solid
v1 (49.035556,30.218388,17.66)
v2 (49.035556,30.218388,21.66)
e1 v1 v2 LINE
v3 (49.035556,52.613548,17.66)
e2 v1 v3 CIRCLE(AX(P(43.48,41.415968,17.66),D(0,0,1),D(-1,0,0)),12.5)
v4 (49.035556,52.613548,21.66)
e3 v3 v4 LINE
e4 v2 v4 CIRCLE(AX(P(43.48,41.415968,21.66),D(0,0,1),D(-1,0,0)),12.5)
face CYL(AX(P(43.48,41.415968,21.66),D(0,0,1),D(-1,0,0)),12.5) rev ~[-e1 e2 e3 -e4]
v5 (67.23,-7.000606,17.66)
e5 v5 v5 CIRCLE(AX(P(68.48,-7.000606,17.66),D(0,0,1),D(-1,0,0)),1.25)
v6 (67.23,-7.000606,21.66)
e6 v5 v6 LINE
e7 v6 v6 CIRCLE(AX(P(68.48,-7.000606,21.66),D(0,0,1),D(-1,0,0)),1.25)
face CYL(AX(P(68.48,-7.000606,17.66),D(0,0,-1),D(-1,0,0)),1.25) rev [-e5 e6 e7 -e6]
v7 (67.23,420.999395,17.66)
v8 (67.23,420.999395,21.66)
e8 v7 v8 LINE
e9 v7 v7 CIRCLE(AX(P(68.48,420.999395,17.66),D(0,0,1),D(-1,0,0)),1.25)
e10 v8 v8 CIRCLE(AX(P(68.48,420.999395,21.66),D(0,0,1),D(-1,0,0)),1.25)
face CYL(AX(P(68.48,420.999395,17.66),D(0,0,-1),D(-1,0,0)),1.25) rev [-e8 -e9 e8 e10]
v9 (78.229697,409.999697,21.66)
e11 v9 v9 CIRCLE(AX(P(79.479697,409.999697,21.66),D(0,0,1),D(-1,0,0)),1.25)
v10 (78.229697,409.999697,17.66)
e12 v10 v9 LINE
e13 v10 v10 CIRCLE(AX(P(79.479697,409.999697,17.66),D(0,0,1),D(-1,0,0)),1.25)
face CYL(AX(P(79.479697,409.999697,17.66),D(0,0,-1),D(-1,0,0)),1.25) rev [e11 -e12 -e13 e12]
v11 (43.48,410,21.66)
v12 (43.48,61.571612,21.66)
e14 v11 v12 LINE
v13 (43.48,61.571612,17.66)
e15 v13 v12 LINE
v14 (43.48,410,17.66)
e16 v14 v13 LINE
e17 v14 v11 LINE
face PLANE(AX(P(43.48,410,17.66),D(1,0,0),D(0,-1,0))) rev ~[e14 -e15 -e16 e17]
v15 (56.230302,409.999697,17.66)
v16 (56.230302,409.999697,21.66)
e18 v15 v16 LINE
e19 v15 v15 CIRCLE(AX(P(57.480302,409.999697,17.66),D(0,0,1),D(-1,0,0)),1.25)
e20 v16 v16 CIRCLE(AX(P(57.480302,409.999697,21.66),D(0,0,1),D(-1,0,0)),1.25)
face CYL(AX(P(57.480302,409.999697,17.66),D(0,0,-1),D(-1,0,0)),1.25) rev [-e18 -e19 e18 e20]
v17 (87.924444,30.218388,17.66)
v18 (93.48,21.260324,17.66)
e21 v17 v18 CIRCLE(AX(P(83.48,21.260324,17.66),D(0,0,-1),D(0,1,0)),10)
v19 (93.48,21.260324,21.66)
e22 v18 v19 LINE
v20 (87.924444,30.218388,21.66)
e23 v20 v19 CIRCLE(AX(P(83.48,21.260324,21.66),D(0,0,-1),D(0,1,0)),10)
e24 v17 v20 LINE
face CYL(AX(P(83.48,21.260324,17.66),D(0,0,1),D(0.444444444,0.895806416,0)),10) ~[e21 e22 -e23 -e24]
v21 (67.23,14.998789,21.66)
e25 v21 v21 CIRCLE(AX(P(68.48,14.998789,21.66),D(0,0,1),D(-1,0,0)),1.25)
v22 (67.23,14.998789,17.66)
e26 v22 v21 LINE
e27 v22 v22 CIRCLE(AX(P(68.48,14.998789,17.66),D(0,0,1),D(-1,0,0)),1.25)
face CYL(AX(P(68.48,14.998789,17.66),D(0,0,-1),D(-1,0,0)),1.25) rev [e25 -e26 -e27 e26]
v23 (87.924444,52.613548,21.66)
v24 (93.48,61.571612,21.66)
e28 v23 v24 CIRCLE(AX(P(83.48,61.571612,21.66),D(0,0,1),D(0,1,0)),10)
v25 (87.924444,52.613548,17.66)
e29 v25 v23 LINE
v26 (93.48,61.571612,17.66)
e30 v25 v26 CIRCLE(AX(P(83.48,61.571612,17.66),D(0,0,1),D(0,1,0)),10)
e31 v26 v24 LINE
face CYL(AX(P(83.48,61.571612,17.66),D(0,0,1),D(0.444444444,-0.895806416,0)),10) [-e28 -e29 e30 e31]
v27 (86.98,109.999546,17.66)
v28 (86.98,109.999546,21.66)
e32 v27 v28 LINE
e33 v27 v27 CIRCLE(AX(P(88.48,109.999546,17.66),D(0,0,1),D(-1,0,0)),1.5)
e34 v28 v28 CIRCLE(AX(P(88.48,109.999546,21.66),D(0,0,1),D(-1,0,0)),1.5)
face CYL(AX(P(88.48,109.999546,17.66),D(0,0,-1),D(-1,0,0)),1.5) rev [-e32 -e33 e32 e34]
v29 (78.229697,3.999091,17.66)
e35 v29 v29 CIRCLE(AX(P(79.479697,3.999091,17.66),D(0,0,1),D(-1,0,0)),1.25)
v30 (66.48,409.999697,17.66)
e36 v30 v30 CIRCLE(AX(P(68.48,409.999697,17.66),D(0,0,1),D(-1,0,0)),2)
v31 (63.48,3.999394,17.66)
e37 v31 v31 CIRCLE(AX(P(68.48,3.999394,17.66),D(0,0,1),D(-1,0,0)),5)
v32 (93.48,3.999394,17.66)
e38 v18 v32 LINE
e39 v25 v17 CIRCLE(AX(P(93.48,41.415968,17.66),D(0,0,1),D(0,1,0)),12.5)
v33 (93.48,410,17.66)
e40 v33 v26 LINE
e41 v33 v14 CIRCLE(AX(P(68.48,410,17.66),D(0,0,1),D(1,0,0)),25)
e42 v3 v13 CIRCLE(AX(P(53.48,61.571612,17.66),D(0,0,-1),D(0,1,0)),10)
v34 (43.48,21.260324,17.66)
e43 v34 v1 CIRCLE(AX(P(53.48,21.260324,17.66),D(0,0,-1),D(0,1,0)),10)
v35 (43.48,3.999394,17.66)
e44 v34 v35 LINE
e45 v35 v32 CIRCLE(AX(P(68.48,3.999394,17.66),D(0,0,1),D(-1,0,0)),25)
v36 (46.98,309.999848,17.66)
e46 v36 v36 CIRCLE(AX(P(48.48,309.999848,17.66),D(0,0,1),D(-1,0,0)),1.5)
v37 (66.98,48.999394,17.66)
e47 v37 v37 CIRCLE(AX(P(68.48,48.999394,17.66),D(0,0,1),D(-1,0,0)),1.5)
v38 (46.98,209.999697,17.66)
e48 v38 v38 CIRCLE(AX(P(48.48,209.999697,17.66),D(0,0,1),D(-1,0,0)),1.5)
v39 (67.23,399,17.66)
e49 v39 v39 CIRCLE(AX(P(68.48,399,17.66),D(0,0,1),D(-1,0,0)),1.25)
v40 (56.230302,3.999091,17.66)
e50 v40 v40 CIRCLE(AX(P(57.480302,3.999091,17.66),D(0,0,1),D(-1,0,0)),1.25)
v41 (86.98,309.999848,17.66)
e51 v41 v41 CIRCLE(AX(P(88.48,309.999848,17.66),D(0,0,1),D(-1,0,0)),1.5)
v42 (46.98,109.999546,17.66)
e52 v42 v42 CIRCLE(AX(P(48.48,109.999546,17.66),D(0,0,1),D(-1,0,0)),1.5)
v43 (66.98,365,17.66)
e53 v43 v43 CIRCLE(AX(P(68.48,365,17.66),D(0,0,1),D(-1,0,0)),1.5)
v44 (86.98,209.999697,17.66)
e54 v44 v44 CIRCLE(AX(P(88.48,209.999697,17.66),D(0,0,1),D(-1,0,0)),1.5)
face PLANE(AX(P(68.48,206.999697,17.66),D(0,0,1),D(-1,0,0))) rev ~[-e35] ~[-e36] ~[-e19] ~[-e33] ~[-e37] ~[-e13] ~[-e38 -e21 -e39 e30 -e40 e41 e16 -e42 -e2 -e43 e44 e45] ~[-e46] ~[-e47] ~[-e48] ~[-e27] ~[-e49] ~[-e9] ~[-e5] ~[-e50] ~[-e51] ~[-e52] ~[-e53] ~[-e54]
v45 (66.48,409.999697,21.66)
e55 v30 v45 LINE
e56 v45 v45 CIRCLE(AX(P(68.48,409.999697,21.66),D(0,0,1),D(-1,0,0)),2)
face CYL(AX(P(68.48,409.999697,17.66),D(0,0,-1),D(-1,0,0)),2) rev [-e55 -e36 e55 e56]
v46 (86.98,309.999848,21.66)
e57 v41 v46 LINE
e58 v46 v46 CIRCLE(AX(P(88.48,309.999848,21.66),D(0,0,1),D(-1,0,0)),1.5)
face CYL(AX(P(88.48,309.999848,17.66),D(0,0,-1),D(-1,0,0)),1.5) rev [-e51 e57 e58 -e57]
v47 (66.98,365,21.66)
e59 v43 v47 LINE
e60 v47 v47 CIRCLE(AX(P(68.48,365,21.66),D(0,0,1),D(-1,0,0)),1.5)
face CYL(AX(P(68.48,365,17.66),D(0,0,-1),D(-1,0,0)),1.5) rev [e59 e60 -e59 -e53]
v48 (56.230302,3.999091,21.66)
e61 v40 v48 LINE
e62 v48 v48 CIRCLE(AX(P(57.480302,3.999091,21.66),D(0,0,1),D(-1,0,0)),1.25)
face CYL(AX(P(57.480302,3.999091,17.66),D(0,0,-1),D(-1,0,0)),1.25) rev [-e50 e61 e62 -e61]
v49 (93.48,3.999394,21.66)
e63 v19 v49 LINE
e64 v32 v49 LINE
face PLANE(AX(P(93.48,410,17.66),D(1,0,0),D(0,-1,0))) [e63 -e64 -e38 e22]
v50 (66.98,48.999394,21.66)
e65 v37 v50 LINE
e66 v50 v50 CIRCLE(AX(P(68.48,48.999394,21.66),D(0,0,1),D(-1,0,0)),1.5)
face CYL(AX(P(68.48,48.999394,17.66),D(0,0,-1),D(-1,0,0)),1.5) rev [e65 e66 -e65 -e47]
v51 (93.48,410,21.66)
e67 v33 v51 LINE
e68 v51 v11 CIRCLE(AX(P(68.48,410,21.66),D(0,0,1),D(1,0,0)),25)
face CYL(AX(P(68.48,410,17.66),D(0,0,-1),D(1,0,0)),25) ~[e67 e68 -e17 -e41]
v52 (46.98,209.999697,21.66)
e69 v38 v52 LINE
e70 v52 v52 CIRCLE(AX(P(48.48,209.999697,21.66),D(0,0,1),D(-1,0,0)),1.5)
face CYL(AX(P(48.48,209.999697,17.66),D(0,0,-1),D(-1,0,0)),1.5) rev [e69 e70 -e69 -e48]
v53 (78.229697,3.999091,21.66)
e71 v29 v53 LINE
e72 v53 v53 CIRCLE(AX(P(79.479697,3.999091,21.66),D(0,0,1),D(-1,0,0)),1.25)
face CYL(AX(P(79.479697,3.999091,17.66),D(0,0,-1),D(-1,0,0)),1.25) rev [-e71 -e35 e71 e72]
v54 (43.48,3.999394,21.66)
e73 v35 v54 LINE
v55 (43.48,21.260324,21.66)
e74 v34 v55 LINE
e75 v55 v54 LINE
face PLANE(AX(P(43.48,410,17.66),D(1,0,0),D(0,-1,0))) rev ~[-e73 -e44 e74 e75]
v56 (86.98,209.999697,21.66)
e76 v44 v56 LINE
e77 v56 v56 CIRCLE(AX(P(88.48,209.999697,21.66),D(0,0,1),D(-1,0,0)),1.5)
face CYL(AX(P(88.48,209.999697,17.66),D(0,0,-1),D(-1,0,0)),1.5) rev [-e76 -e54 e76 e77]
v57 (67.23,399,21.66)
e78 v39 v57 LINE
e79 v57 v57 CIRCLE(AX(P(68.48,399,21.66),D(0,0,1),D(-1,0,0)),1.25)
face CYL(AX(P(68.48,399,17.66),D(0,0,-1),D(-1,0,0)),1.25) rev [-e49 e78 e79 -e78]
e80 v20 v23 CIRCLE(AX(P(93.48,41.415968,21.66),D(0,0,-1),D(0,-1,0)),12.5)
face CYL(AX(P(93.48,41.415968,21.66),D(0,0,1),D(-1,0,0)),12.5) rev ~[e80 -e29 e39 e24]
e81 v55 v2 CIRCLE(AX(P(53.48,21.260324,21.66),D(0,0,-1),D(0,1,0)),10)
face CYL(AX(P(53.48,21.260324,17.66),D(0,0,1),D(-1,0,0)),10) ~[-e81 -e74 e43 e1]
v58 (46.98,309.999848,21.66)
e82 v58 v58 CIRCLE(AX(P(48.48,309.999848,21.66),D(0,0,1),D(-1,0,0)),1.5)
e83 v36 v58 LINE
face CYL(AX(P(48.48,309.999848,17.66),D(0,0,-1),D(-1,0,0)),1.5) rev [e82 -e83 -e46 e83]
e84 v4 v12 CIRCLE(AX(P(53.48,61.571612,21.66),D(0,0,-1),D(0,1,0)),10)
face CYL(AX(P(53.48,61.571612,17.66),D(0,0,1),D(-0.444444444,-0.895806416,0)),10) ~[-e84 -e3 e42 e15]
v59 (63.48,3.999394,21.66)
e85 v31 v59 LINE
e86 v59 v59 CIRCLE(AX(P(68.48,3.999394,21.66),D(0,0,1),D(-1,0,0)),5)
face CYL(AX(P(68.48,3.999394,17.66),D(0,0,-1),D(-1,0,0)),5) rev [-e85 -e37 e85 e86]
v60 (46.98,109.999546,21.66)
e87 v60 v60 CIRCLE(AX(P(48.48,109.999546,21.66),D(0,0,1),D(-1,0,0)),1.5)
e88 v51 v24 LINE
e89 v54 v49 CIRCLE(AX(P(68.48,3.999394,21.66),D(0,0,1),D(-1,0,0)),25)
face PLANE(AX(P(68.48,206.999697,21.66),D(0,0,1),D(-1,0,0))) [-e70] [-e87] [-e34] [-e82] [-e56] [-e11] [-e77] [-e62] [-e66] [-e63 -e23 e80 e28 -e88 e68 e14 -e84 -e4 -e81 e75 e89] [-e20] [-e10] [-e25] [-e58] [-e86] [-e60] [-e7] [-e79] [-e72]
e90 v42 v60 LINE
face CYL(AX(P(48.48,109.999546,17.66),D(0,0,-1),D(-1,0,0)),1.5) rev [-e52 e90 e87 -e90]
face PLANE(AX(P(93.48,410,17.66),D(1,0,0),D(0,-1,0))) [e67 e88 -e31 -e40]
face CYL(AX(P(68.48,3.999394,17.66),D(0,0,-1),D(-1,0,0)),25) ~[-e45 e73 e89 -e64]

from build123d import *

# Parameters (mm, degrees)
SKETCH001_R             = 2
SKETCH001_R_2           = 1.25
SKETCH001_R_3           = 1.5
SKETCH001_R_4           = 5
PAD001_DEPTH            = 4
SKETCH002_R             = 12.5
POCKET_DEPTH            = 11
FILLET_R                = 10
BODY001_PLACEMENT_ANGLE = 180


with BuildPart() as part:
    # Sketch001 → Pad001 (new body)
    with BuildSketch(Plane.XY):
        with BuildLine():
            ThreePointArc((-25, 0), (0, -25), (25, 0))
            Line((25, 0), (25, 406.000606))
            ThreePointArc((25, 406.000606), (0, 431.000606), (-25, 406.000606))
            Line((-25, 0), (-25, 406.000606))
        make_face()
        with Locations((0, 0.000303)):
            Circle(SKETCH001_R, mode=Mode.SUBTRACT)
        with Locations((10.999698, 0.000303)):
            Circle(SKETCH001_R_2, mode=Mode.SUBTRACT)
        with Locations((0, 11)):
            Circle(SKETCH001_R_2, mode=Mode.SUBTRACT)
        with Locations((-10.999697, 0.000303)):
            Circle(SKETCH001_R_2, mode=Mode.SUBTRACT)
        with Locations((0, -10.999395)):
            Circle(SKETCH001_R_2, mode=Mode.SUBTRACT)
        with Locations((-20, 300.000454)):
            Circle(SKETCH001_R_3, mode=Mode.SUBTRACT)
        with Locations((20, 300.000454)):
            Circle(SKETCH001_R_3, mode=Mode.SUBTRACT)
        with Locations((-20, 200.000303)):
            Circle(SKETCH001_R_3, mode=Mode.SUBTRACT)
        with Locations((20, 200.000303)):
            Circle(SKETCH001_R_3, mode=Mode.SUBTRACT)
        with Locations((-20, 100.000152)):
            Circle(SKETCH001_R_3, mode=Mode.SUBTRACT)
        with Locations((20, 100.000152)):
            Circle(SKETCH001_R_3, mode=Mode.SUBTRACT)
        with Locations((0, 45)):
            Circle(SKETCH001_R_3, mode=Mode.SUBTRACT)
        with Locations((0, 406.000606)):
            Circle(SKETCH001_R_4, mode=Mode.SUBTRACT)
        with Locations((0, 417.000606)):
            Circle(SKETCH001_R_2, mode=Mode.SUBTRACT)
        with Locations((-10.999697, 406.000909)):
            Circle(SKETCH001_R_2, mode=Mode.SUBTRACT)
        with Locations((0, 395.001211)):
            Circle(SKETCH001_R_2, mode=Mode.SUBTRACT)
        with Locations((10.999698, 406.000909)):
            Circle(SKETCH001_R_2, mode=Mode.SUBTRACT)
        with Locations((0, 361.000606)):
            Circle(SKETCH001_R_3, mode=Mode.SUBTRACT)
    extrude(amount=PAD001_DEPTH)

    # Sketch002 (on Face24 of Pad001) → Pocket (cut)
    with BuildSketch(Plane.XY.offset(4)):
        with Locations((-25, 368.584032)):
            Circle(SKETCH002_R)
        with Locations((25, 368.584032)):
            Circle(SKETCH002_R)
    extrude(amount=-POCKET_DEPTH, mode=Mode.SUBTRACT)

    # Fillet
    fillet_edges = [part.edges().sort_by_distance(p)[0] for p in [
        (25, 381.084032, 2),
        (25, 356.084032, 2),
        (-25, 381.084032, 2),
        (-25, 356.084032, 2),
    ]]
    fillet(fillet_edges, radius=FILLET_R)


with BuildPart() as part_1:
    # Body001 placement: moved
    add(part.part.moved(Location((68.48, 410, 17.66))).rotate(Axis((68.48, 410, 17.66), (0, 0, 1)), BODY001_PLACEMENT_ANGLE))


solid = part_1.part
